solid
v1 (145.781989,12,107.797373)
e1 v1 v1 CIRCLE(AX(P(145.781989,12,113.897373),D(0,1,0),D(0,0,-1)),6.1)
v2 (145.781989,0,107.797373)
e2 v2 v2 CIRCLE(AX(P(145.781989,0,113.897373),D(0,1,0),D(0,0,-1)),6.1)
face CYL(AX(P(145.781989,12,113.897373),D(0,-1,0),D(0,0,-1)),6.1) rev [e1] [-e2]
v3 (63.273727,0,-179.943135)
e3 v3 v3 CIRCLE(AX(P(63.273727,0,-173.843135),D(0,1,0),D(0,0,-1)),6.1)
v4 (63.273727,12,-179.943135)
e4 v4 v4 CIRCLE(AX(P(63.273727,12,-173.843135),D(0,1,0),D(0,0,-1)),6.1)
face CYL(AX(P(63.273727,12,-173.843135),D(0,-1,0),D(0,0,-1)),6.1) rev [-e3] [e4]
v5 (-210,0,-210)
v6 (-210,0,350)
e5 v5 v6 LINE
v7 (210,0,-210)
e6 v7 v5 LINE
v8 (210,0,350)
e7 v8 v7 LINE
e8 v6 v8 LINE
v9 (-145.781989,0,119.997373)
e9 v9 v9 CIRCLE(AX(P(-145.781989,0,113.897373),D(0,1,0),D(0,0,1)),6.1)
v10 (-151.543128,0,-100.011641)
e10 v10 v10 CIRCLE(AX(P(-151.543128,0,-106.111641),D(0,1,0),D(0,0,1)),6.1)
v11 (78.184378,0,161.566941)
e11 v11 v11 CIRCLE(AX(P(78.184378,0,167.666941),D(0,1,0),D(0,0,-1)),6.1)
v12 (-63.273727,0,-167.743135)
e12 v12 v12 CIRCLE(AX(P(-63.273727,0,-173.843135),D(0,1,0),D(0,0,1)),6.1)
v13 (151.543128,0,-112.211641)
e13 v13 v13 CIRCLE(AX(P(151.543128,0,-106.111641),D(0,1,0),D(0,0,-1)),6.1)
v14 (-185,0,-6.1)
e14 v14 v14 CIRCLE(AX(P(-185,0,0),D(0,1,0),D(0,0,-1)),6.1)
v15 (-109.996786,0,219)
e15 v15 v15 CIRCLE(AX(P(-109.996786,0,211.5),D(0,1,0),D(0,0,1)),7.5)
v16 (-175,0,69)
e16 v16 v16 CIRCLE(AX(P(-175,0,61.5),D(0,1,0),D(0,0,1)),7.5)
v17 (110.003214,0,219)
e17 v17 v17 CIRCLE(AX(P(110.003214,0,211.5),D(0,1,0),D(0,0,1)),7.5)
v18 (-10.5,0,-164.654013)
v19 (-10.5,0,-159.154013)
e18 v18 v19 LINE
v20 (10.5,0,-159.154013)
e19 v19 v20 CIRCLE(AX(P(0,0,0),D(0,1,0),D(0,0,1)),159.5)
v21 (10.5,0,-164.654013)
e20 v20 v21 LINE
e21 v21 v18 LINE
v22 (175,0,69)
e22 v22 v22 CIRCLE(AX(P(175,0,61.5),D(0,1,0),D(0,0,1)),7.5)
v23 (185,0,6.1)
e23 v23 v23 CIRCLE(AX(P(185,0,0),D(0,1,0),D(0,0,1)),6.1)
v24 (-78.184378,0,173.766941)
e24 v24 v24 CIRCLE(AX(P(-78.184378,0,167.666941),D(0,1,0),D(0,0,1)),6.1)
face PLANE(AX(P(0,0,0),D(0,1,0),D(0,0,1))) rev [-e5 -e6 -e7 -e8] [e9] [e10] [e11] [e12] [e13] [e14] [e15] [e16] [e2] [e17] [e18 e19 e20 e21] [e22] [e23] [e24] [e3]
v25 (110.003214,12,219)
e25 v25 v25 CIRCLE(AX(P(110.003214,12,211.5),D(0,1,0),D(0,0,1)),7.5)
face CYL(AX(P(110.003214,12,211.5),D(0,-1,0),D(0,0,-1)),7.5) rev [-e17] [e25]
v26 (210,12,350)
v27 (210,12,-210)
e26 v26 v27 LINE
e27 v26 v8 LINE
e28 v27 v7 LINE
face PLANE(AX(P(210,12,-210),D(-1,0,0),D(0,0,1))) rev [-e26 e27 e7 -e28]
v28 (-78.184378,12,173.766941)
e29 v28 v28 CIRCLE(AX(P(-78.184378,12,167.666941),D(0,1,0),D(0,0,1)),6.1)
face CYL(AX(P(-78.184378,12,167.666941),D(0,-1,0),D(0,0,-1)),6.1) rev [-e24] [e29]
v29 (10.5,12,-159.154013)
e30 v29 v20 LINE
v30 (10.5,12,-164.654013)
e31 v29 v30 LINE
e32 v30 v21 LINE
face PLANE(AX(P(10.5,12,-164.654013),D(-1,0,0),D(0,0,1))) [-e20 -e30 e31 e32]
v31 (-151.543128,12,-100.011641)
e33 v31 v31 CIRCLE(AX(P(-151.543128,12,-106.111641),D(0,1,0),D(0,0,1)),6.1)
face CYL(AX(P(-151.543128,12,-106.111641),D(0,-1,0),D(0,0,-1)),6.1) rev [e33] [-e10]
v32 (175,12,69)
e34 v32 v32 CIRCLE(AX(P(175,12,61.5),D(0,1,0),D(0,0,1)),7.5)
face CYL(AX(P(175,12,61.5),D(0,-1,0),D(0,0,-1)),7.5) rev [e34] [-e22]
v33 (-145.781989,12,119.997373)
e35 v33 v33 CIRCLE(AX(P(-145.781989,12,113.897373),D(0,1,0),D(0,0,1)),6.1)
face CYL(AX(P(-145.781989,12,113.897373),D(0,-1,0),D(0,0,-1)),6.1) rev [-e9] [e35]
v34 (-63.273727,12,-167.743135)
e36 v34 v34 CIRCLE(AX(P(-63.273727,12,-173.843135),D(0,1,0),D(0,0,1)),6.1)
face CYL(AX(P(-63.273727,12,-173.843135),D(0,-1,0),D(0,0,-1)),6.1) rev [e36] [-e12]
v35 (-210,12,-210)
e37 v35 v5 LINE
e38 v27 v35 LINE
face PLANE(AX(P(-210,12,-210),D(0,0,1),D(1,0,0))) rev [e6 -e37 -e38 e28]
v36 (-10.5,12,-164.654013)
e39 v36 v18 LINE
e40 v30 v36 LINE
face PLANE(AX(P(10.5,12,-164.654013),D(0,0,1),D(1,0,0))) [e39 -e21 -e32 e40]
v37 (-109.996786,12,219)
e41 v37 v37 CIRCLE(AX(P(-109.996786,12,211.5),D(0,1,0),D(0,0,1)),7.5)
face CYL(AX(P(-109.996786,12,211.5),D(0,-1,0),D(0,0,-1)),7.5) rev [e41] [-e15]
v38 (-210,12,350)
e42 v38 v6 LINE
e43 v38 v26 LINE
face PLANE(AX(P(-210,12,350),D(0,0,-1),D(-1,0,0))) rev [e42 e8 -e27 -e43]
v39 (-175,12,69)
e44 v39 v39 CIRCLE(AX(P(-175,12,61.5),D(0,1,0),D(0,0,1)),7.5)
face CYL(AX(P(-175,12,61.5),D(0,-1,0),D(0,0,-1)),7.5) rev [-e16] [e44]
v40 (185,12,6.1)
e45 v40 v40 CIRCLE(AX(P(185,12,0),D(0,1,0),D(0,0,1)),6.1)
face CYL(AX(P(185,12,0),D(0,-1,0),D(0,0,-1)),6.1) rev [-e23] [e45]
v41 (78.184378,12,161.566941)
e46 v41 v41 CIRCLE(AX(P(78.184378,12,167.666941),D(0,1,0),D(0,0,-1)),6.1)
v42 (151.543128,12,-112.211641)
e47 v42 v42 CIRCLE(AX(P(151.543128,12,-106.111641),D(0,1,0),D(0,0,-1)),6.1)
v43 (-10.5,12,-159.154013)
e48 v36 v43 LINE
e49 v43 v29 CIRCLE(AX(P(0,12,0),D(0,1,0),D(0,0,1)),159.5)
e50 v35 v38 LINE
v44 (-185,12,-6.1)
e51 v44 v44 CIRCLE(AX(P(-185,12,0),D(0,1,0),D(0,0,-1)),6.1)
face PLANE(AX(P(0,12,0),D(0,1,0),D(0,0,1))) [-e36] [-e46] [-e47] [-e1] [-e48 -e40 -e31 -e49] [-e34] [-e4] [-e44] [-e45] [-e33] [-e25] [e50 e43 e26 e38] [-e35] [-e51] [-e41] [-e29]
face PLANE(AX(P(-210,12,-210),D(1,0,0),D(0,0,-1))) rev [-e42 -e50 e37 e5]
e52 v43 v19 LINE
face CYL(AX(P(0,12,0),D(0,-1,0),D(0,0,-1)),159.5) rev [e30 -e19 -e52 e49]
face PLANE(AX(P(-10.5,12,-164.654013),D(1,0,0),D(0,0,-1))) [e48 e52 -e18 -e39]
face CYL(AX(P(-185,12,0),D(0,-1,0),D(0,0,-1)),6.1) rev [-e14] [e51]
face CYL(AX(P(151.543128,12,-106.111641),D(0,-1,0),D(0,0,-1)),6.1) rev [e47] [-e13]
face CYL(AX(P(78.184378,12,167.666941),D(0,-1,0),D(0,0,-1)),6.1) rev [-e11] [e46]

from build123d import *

# Parameters (mm, degrees)
ESQUISSE1_W        = 420
ESQUISSE1_H        = 560
ESQUISSE1_R        = 6.1
ESQUISSE1_R_2      = 7.5
BOSS_EXTRU_1_DEPTH = 12


with BuildPart() as part:
    # Esquisse1 → Boss.-Extru.1 (new body)
    with BuildSketch(Plane(origin=(0, 0, 0), x_dir=(1, 0, 0), z_dir=(0, 1, 0))):
        with Locations((0, -70)):
            Rectangle(ESQUISSE1_W, ESQUISSE1_H)
        with Locations(Location((-63.273726515, 173.843134845, 0), (0, 0, 270))):  # turned: the seam where the file's is
            Circle(ESQUISSE1_R, mode=Mode.SUBTRACT)
        with Locations(Location((-175, -61.5, 0), (0, 0, 270))):  # turned: the seam where the file's is
            Circle(ESQUISSE1_R_2, mode=Mode.SUBTRACT)
        with Locations(Location((110.0032143, -211.5, 0), (0, 0, 270))):  # turned: the seam where the file's is
            Circle(ESQUISSE1_R_2, mode=Mode.SUBTRACT)
        with Locations(Location((175, -61.5, 0), (0, 0, 270))):  # turned: the seam where the file's is
            Circle(ESQUISSE1_R_2, mode=Mode.SUBTRACT)
        with Locations(Location((185, 0, 0), (0, 0, 270))):  # turned: the seam where the file's is
            Circle(ESQUISSE1_R, mode=Mode.SUBTRACT)
        with Locations(Location((-109.9967857, -211.5, 0), (0, 0, 270))):  # turned: the seam where the file's is
            Circle(ESQUISSE1_R_2, mode=Mode.SUBTRACT)
        with Locations(Location((151.543128193, 106.111640725, 0), (0, 0, 90))):  # turned: the seam where the file's is
            Circle(ESQUISSE1_R, mode=Mode.SUBTRACT)
        with Locations(Location((-151.543128193, 106.111640725, 0), (0, 0, 270))):  # turned: the seam where the file's is
            Circle(ESQUISSE1_R, mode=Mode.SUBTRACT)
        with Locations(Location((-185, 0, 0), (0, 0, 90))):  # turned: the seam where the file's is
            Circle(ESQUISSE1_R, mode=Mode.SUBTRACT)
        with Locations(Location((63.273726515, 173.843134845, 0), (0, 0, 90))):  # turned: the seam where the file's is
            Circle(ESQUISSE1_R, mode=Mode.SUBTRACT)
        with Locations(Location((-145.781989417, -113.897372935, 0), (0, 0, 270))):  # turned: the seam where the file's is
            Circle(ESQUISSE1_R, mode=Mode.SUBTRACT)
        with Locations(Location((-78.184378422, -167.666940602, 0), (0, 0, 270))):  # turned: the seam where the file's is
            Circle(ESQUISSE1_R, mode=Mode.SUBTRACT)
        with Locations(Location((145.781989417, -113.897372935, 0), (0, 0, 90))):  # turned: the seam where the file's is
            Circle(ESQUISSE1_R, mode=Mode.SUBTRACT)
        with Locations(Location((78.184378422, -167.666940602, 0), (0, 0, 90))):  # turned: the seam where the file's is
            Circle(ESQUISSE1_R, mode=Mode.SUBTRACT)
        with BuildLine():
            Line((10.5, 164.654013459), (10.5, 159.154013459))
            ThreePointArc((10.5, 159.154013459), (0, -159.5), (-10.5, 159.154013459))
            Line((-10.5, 159.154013459), (-10.5, 164.654013459))
            Line((-10.5, 164.654013459), (10.5, 164.654013459))
        make_face(mode=Mode.SUBTRACT)
    extrude(amount=BOSS_EXTRU_1_DEPTH)


solid = part.part
